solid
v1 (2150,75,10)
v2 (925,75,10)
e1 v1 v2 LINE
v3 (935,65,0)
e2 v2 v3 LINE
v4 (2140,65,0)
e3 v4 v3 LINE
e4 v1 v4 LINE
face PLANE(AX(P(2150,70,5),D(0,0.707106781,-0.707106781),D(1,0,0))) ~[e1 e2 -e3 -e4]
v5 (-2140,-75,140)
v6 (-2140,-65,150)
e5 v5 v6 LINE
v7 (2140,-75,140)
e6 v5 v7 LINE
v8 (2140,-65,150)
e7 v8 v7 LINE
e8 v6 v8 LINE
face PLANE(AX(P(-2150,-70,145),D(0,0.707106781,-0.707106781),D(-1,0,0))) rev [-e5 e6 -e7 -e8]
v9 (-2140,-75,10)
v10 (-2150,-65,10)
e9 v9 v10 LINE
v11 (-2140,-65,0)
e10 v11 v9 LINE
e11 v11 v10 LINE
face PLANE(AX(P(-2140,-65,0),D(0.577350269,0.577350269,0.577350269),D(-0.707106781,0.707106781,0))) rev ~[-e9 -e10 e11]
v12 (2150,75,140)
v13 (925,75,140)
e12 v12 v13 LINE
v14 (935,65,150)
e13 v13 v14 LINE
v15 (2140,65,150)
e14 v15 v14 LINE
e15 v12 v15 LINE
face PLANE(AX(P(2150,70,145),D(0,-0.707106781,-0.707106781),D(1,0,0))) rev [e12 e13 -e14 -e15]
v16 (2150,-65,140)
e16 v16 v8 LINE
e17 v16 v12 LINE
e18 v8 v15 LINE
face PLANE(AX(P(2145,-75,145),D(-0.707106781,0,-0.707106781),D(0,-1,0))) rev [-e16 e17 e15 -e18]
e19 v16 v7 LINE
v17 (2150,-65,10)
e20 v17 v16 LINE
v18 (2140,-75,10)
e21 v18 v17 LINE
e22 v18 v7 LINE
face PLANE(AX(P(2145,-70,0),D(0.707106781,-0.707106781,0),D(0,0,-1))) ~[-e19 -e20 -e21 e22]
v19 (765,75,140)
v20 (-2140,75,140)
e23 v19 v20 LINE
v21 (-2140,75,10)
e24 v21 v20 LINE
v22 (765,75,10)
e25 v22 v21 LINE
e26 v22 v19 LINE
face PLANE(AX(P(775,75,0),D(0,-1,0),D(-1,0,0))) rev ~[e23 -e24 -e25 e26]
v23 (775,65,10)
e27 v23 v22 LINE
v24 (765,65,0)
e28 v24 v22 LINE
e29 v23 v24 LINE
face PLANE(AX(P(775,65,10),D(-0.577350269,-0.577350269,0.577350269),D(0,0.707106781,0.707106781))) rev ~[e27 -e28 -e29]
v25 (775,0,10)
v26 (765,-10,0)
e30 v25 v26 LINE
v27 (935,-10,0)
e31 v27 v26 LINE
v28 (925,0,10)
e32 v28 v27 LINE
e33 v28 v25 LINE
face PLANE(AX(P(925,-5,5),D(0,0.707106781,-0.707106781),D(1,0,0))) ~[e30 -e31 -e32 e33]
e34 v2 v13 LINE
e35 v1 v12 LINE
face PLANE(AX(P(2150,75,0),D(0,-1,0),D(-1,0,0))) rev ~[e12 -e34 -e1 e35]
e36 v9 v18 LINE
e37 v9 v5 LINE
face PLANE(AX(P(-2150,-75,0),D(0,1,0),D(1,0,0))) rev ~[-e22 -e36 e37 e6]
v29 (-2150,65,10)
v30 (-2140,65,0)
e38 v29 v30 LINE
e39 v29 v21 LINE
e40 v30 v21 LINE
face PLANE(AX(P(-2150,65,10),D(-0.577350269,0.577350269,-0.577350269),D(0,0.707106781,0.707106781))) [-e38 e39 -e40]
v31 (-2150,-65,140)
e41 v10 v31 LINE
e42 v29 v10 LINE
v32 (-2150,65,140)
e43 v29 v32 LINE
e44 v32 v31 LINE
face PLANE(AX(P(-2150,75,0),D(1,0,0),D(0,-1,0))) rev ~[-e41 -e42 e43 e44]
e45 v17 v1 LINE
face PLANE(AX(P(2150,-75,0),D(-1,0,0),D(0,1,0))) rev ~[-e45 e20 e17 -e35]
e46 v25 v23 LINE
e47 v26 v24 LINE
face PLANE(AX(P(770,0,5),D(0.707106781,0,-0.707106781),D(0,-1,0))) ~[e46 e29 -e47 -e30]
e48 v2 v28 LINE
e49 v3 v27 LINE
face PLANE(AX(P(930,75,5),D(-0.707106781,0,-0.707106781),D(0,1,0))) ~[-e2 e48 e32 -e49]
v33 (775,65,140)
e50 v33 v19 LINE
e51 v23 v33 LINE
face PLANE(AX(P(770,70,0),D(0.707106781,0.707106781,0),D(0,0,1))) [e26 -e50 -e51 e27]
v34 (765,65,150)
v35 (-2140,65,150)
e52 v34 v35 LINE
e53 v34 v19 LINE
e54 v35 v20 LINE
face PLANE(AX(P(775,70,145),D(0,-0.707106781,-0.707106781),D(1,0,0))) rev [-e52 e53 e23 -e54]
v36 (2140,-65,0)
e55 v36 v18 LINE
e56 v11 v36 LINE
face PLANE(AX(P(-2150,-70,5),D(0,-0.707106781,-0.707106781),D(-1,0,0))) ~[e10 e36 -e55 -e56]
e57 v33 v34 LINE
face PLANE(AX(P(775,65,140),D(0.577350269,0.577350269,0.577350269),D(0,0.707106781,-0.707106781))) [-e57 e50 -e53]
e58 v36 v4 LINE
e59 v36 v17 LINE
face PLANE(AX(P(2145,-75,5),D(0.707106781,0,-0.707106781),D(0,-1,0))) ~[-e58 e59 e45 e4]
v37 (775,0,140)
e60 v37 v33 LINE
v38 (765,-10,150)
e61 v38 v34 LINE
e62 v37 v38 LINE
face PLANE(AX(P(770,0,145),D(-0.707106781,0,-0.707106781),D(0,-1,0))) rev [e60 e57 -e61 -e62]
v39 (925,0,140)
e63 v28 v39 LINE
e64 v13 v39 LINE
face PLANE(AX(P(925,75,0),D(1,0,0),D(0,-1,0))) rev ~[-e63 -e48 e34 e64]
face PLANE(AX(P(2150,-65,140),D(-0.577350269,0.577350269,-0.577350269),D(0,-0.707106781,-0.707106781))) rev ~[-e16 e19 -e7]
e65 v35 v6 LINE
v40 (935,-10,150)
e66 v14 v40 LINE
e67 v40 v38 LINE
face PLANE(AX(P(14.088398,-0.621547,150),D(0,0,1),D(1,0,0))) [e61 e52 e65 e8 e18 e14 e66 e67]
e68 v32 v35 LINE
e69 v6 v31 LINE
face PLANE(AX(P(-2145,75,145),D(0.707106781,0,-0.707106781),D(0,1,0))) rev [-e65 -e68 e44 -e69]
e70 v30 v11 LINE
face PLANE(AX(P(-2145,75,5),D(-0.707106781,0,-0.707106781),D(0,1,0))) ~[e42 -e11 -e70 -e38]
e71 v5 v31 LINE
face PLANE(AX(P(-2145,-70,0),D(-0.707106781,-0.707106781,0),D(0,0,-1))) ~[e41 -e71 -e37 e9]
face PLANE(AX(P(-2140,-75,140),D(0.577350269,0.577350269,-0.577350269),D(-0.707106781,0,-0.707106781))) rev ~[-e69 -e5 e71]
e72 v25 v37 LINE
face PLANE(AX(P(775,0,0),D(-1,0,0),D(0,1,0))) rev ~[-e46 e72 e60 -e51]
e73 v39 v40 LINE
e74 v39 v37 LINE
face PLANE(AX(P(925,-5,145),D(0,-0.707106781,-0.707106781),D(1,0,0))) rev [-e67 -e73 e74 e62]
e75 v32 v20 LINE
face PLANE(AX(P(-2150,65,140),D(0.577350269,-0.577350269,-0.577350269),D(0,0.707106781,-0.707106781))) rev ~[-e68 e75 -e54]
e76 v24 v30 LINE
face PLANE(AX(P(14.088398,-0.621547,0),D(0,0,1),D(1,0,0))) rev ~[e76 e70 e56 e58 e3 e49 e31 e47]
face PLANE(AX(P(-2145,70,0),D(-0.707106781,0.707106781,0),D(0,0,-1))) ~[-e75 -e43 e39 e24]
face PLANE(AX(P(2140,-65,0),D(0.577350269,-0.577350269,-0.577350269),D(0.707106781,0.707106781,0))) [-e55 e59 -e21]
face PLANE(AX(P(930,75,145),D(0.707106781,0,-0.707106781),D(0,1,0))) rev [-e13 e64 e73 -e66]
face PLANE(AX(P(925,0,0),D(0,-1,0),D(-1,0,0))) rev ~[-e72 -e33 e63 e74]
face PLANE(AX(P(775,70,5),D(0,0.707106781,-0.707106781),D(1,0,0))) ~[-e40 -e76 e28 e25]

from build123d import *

# Parameters (mm, degrees)
F1_DEPTH = 150
F2_SIZE  = 10


with BuildPart() as f1:
    # F0 (on Top) → F1 (new body)
    with BuildSketch(Plane.XY):
        Polygon((775, 75), (-2150, 75), (-2150, -75), (2150, -75), (2150, 75), (925, 75), (925, 0), (775, 0), align=None)
    extrude(amount=F1_DEPTH)

    # F2
    f2_edges = [f1.edges().sort_by_distance(p)[0] for p in [
        (-687.5, 75, 150),
        (-2150, 0, 150),
        (0, -75, 150),
        (2150, 0, 150),
        (1537.5, 75, 150),
        (925, 37.5, 150),
        (850, 0, 150),
        (775, 37.5, 150),
        (-2150, -75, 75),
        (2150, -75, 75),
        (0, -75, 0),
        (-687.5, 75, 0),
        (-2150, 0, 0),
        (2150, 0, 0),
        (1537.5, 75, 0),
        (925, 37.5, 0),
        (850, 0, 0),
        (775, 37.5, 0),
        (775, 75, 75),
        (-2150, 75, 75),
    ]]
    chamfer(f2_edges, length=F2_SIZE)


solid = f1.part
